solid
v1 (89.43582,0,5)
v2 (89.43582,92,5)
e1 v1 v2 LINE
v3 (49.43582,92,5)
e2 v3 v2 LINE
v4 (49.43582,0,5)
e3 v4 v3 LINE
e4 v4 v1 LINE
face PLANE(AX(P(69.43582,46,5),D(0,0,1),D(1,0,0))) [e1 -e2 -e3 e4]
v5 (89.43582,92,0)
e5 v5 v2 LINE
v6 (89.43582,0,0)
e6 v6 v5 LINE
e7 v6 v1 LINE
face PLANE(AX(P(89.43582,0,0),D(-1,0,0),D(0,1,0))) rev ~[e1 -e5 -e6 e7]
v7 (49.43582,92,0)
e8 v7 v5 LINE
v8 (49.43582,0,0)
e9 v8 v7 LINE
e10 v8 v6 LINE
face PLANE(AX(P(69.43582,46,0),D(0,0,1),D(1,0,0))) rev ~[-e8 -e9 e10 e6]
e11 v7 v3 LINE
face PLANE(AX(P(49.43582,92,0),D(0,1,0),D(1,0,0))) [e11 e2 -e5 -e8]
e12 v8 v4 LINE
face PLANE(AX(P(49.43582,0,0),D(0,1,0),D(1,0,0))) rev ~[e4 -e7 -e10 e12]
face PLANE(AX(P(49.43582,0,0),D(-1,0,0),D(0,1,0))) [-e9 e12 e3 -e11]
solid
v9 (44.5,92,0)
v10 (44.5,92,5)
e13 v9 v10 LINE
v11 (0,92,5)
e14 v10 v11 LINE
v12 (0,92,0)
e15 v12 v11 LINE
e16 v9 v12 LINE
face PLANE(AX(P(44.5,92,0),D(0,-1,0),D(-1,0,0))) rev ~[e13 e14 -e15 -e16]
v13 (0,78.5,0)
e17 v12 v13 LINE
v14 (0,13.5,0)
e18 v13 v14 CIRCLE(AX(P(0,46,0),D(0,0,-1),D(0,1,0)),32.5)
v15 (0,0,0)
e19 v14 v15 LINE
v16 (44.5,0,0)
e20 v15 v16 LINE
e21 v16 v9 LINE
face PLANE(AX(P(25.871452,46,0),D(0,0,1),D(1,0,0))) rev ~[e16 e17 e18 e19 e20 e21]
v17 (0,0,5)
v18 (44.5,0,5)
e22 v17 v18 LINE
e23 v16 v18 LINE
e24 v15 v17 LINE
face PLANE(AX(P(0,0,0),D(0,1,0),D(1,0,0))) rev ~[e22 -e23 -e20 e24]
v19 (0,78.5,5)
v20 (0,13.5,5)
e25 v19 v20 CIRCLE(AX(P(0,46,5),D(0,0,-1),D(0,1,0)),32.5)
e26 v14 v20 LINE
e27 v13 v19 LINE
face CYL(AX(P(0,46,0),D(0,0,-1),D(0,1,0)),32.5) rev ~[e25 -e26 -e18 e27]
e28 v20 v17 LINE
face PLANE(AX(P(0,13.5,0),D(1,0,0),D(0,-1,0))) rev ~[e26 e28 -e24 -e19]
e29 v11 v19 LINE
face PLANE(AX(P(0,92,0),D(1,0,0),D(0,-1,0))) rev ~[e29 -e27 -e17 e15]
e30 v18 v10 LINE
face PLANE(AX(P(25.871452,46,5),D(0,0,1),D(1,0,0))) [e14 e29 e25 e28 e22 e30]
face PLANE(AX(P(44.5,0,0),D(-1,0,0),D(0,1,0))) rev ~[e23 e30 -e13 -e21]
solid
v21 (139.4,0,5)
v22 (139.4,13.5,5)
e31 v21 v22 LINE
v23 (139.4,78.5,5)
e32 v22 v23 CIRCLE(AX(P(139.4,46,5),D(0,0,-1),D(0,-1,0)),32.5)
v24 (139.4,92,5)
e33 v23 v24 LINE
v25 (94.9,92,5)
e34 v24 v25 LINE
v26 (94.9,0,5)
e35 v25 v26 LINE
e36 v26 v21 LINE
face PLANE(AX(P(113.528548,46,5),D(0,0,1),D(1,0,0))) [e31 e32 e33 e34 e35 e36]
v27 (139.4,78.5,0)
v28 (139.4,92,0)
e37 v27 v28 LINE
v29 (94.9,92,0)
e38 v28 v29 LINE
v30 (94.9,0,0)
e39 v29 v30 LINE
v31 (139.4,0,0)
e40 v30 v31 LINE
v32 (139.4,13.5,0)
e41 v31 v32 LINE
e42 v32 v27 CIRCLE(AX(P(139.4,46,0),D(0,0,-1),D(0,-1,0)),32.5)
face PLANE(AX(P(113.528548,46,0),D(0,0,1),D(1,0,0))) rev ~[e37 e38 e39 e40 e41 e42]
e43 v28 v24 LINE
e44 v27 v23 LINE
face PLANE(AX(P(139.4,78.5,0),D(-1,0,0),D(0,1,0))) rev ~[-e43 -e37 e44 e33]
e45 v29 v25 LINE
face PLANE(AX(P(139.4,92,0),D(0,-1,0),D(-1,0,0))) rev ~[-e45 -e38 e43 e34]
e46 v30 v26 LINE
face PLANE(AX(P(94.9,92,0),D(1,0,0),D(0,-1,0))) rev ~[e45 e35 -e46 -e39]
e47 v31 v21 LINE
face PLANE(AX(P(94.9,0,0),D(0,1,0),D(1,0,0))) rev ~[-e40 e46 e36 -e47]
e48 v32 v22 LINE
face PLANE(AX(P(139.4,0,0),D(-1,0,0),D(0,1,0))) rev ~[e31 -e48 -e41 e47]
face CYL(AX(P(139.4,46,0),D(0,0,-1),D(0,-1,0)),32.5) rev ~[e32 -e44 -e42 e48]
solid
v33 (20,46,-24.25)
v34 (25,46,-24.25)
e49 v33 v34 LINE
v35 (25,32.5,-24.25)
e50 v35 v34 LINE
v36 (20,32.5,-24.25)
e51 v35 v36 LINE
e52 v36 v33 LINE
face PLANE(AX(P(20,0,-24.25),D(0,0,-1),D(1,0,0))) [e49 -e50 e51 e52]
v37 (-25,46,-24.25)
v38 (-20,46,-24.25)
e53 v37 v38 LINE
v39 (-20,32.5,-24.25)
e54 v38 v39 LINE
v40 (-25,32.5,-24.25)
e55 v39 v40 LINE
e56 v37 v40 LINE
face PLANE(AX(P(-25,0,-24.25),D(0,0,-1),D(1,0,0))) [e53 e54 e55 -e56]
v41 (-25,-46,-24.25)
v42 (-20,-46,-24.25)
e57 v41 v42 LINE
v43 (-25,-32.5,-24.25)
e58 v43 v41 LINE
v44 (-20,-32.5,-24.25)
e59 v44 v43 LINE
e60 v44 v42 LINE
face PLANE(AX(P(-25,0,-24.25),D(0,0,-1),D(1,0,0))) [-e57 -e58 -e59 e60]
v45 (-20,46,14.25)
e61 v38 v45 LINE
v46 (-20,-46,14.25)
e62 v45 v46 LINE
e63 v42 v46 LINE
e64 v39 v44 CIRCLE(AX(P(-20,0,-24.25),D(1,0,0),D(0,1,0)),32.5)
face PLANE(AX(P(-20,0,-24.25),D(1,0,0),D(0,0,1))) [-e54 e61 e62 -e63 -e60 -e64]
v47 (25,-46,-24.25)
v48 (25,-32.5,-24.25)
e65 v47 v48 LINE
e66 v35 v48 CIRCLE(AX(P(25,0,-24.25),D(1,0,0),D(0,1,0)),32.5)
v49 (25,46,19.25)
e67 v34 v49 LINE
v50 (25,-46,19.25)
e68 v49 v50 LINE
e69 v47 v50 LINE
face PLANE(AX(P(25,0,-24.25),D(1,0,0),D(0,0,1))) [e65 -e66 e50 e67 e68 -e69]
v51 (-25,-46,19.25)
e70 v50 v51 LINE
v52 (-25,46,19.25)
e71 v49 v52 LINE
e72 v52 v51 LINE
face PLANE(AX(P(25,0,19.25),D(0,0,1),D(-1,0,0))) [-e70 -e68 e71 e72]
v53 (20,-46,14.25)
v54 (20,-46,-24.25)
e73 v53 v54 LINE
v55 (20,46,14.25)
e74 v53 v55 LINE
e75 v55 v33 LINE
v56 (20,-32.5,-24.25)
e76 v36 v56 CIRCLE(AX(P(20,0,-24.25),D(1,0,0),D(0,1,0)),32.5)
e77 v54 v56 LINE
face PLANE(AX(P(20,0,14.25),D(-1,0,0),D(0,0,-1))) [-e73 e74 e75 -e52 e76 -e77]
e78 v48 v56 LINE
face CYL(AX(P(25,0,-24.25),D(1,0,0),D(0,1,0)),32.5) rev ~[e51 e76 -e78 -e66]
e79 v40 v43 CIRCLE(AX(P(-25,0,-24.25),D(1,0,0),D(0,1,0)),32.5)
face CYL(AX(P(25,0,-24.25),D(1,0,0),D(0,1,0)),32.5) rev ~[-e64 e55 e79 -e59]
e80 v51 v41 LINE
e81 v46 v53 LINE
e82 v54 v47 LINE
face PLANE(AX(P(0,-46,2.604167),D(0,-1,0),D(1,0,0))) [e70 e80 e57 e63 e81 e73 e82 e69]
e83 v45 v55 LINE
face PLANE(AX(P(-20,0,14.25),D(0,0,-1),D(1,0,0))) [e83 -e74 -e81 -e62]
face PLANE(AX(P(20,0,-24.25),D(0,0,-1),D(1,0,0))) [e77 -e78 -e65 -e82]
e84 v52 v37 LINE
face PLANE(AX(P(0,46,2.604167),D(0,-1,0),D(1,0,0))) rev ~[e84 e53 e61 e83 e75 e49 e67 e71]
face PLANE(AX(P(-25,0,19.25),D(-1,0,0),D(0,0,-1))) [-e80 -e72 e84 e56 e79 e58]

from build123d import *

# Parameters (mm, degrees)
F1_DEPTH = 46
F3_DEPTH = 54
F4_W     = 40
F4_H     = 92
F5_DEPTH = 5


with BuildPart() as f1:
    # F0 (on Front) → F1 (new body, symmetric)
    with BuildSketch(Plane.XZ):
        Polygon((25, -24.25), (25, 19.25), (-25, 19.25), (-25, -24.25), (-20, -24.25), (-20, 14.25), (20, 14.25), (20, -24.25), align=None)
    extrude(amount=F1_DEPTH, both=True)

    # F2 (on face) → F3 (cut)
    with BuildSketch(Plane.YZ.offset(25)):
        with BuildLine():
            Line((-32.5, -24.25), (32.5, -24.25))
            ThreePointArc((32.5, -24.25), (0, 8.25), (-32.5, -24.25))
        make_face()
    extrude(amount=-F3_DEPTH, mode=Mode.SUBTRACT)


with BuildPart() as f5:
    # F4 (on Top) → F5 (new body)
    with BuildSketch(Plane.XY):
        with BuildLine():
            Line((0, 13.5), (0, 0))
            Line((0, 0), (44.5, 0))
            Line((44.5, 0), (44.5, 92))
            Line((44.5, 92), (0, 92))
            Line((0, 92), (0, 78.5))
            ThreePointArc((0, 78.5), (32.5, 46), (0, 13.5))
        make_face()
        with BuildLine():
            Line((94.9, 0), (139.4, 0))
            Line((139.4, 0), (139.4, 13.5))
            ThreePointArc((139.4, 13.5), (106.9, 46), (139.4, 78.5))
            Line((139.4, 78.5), (139.4, 92))
            Line((139.4, 92), (94.9, 92))
            Line((94.9, 92), (94.9, 0))
        make_face()
        with Locations((69.43582, 46)):
            Rectangle(F4_W, F4_H)
    extrude(amount=F5_DEPTH)


solid = Compound([f1.part, f5.part])
